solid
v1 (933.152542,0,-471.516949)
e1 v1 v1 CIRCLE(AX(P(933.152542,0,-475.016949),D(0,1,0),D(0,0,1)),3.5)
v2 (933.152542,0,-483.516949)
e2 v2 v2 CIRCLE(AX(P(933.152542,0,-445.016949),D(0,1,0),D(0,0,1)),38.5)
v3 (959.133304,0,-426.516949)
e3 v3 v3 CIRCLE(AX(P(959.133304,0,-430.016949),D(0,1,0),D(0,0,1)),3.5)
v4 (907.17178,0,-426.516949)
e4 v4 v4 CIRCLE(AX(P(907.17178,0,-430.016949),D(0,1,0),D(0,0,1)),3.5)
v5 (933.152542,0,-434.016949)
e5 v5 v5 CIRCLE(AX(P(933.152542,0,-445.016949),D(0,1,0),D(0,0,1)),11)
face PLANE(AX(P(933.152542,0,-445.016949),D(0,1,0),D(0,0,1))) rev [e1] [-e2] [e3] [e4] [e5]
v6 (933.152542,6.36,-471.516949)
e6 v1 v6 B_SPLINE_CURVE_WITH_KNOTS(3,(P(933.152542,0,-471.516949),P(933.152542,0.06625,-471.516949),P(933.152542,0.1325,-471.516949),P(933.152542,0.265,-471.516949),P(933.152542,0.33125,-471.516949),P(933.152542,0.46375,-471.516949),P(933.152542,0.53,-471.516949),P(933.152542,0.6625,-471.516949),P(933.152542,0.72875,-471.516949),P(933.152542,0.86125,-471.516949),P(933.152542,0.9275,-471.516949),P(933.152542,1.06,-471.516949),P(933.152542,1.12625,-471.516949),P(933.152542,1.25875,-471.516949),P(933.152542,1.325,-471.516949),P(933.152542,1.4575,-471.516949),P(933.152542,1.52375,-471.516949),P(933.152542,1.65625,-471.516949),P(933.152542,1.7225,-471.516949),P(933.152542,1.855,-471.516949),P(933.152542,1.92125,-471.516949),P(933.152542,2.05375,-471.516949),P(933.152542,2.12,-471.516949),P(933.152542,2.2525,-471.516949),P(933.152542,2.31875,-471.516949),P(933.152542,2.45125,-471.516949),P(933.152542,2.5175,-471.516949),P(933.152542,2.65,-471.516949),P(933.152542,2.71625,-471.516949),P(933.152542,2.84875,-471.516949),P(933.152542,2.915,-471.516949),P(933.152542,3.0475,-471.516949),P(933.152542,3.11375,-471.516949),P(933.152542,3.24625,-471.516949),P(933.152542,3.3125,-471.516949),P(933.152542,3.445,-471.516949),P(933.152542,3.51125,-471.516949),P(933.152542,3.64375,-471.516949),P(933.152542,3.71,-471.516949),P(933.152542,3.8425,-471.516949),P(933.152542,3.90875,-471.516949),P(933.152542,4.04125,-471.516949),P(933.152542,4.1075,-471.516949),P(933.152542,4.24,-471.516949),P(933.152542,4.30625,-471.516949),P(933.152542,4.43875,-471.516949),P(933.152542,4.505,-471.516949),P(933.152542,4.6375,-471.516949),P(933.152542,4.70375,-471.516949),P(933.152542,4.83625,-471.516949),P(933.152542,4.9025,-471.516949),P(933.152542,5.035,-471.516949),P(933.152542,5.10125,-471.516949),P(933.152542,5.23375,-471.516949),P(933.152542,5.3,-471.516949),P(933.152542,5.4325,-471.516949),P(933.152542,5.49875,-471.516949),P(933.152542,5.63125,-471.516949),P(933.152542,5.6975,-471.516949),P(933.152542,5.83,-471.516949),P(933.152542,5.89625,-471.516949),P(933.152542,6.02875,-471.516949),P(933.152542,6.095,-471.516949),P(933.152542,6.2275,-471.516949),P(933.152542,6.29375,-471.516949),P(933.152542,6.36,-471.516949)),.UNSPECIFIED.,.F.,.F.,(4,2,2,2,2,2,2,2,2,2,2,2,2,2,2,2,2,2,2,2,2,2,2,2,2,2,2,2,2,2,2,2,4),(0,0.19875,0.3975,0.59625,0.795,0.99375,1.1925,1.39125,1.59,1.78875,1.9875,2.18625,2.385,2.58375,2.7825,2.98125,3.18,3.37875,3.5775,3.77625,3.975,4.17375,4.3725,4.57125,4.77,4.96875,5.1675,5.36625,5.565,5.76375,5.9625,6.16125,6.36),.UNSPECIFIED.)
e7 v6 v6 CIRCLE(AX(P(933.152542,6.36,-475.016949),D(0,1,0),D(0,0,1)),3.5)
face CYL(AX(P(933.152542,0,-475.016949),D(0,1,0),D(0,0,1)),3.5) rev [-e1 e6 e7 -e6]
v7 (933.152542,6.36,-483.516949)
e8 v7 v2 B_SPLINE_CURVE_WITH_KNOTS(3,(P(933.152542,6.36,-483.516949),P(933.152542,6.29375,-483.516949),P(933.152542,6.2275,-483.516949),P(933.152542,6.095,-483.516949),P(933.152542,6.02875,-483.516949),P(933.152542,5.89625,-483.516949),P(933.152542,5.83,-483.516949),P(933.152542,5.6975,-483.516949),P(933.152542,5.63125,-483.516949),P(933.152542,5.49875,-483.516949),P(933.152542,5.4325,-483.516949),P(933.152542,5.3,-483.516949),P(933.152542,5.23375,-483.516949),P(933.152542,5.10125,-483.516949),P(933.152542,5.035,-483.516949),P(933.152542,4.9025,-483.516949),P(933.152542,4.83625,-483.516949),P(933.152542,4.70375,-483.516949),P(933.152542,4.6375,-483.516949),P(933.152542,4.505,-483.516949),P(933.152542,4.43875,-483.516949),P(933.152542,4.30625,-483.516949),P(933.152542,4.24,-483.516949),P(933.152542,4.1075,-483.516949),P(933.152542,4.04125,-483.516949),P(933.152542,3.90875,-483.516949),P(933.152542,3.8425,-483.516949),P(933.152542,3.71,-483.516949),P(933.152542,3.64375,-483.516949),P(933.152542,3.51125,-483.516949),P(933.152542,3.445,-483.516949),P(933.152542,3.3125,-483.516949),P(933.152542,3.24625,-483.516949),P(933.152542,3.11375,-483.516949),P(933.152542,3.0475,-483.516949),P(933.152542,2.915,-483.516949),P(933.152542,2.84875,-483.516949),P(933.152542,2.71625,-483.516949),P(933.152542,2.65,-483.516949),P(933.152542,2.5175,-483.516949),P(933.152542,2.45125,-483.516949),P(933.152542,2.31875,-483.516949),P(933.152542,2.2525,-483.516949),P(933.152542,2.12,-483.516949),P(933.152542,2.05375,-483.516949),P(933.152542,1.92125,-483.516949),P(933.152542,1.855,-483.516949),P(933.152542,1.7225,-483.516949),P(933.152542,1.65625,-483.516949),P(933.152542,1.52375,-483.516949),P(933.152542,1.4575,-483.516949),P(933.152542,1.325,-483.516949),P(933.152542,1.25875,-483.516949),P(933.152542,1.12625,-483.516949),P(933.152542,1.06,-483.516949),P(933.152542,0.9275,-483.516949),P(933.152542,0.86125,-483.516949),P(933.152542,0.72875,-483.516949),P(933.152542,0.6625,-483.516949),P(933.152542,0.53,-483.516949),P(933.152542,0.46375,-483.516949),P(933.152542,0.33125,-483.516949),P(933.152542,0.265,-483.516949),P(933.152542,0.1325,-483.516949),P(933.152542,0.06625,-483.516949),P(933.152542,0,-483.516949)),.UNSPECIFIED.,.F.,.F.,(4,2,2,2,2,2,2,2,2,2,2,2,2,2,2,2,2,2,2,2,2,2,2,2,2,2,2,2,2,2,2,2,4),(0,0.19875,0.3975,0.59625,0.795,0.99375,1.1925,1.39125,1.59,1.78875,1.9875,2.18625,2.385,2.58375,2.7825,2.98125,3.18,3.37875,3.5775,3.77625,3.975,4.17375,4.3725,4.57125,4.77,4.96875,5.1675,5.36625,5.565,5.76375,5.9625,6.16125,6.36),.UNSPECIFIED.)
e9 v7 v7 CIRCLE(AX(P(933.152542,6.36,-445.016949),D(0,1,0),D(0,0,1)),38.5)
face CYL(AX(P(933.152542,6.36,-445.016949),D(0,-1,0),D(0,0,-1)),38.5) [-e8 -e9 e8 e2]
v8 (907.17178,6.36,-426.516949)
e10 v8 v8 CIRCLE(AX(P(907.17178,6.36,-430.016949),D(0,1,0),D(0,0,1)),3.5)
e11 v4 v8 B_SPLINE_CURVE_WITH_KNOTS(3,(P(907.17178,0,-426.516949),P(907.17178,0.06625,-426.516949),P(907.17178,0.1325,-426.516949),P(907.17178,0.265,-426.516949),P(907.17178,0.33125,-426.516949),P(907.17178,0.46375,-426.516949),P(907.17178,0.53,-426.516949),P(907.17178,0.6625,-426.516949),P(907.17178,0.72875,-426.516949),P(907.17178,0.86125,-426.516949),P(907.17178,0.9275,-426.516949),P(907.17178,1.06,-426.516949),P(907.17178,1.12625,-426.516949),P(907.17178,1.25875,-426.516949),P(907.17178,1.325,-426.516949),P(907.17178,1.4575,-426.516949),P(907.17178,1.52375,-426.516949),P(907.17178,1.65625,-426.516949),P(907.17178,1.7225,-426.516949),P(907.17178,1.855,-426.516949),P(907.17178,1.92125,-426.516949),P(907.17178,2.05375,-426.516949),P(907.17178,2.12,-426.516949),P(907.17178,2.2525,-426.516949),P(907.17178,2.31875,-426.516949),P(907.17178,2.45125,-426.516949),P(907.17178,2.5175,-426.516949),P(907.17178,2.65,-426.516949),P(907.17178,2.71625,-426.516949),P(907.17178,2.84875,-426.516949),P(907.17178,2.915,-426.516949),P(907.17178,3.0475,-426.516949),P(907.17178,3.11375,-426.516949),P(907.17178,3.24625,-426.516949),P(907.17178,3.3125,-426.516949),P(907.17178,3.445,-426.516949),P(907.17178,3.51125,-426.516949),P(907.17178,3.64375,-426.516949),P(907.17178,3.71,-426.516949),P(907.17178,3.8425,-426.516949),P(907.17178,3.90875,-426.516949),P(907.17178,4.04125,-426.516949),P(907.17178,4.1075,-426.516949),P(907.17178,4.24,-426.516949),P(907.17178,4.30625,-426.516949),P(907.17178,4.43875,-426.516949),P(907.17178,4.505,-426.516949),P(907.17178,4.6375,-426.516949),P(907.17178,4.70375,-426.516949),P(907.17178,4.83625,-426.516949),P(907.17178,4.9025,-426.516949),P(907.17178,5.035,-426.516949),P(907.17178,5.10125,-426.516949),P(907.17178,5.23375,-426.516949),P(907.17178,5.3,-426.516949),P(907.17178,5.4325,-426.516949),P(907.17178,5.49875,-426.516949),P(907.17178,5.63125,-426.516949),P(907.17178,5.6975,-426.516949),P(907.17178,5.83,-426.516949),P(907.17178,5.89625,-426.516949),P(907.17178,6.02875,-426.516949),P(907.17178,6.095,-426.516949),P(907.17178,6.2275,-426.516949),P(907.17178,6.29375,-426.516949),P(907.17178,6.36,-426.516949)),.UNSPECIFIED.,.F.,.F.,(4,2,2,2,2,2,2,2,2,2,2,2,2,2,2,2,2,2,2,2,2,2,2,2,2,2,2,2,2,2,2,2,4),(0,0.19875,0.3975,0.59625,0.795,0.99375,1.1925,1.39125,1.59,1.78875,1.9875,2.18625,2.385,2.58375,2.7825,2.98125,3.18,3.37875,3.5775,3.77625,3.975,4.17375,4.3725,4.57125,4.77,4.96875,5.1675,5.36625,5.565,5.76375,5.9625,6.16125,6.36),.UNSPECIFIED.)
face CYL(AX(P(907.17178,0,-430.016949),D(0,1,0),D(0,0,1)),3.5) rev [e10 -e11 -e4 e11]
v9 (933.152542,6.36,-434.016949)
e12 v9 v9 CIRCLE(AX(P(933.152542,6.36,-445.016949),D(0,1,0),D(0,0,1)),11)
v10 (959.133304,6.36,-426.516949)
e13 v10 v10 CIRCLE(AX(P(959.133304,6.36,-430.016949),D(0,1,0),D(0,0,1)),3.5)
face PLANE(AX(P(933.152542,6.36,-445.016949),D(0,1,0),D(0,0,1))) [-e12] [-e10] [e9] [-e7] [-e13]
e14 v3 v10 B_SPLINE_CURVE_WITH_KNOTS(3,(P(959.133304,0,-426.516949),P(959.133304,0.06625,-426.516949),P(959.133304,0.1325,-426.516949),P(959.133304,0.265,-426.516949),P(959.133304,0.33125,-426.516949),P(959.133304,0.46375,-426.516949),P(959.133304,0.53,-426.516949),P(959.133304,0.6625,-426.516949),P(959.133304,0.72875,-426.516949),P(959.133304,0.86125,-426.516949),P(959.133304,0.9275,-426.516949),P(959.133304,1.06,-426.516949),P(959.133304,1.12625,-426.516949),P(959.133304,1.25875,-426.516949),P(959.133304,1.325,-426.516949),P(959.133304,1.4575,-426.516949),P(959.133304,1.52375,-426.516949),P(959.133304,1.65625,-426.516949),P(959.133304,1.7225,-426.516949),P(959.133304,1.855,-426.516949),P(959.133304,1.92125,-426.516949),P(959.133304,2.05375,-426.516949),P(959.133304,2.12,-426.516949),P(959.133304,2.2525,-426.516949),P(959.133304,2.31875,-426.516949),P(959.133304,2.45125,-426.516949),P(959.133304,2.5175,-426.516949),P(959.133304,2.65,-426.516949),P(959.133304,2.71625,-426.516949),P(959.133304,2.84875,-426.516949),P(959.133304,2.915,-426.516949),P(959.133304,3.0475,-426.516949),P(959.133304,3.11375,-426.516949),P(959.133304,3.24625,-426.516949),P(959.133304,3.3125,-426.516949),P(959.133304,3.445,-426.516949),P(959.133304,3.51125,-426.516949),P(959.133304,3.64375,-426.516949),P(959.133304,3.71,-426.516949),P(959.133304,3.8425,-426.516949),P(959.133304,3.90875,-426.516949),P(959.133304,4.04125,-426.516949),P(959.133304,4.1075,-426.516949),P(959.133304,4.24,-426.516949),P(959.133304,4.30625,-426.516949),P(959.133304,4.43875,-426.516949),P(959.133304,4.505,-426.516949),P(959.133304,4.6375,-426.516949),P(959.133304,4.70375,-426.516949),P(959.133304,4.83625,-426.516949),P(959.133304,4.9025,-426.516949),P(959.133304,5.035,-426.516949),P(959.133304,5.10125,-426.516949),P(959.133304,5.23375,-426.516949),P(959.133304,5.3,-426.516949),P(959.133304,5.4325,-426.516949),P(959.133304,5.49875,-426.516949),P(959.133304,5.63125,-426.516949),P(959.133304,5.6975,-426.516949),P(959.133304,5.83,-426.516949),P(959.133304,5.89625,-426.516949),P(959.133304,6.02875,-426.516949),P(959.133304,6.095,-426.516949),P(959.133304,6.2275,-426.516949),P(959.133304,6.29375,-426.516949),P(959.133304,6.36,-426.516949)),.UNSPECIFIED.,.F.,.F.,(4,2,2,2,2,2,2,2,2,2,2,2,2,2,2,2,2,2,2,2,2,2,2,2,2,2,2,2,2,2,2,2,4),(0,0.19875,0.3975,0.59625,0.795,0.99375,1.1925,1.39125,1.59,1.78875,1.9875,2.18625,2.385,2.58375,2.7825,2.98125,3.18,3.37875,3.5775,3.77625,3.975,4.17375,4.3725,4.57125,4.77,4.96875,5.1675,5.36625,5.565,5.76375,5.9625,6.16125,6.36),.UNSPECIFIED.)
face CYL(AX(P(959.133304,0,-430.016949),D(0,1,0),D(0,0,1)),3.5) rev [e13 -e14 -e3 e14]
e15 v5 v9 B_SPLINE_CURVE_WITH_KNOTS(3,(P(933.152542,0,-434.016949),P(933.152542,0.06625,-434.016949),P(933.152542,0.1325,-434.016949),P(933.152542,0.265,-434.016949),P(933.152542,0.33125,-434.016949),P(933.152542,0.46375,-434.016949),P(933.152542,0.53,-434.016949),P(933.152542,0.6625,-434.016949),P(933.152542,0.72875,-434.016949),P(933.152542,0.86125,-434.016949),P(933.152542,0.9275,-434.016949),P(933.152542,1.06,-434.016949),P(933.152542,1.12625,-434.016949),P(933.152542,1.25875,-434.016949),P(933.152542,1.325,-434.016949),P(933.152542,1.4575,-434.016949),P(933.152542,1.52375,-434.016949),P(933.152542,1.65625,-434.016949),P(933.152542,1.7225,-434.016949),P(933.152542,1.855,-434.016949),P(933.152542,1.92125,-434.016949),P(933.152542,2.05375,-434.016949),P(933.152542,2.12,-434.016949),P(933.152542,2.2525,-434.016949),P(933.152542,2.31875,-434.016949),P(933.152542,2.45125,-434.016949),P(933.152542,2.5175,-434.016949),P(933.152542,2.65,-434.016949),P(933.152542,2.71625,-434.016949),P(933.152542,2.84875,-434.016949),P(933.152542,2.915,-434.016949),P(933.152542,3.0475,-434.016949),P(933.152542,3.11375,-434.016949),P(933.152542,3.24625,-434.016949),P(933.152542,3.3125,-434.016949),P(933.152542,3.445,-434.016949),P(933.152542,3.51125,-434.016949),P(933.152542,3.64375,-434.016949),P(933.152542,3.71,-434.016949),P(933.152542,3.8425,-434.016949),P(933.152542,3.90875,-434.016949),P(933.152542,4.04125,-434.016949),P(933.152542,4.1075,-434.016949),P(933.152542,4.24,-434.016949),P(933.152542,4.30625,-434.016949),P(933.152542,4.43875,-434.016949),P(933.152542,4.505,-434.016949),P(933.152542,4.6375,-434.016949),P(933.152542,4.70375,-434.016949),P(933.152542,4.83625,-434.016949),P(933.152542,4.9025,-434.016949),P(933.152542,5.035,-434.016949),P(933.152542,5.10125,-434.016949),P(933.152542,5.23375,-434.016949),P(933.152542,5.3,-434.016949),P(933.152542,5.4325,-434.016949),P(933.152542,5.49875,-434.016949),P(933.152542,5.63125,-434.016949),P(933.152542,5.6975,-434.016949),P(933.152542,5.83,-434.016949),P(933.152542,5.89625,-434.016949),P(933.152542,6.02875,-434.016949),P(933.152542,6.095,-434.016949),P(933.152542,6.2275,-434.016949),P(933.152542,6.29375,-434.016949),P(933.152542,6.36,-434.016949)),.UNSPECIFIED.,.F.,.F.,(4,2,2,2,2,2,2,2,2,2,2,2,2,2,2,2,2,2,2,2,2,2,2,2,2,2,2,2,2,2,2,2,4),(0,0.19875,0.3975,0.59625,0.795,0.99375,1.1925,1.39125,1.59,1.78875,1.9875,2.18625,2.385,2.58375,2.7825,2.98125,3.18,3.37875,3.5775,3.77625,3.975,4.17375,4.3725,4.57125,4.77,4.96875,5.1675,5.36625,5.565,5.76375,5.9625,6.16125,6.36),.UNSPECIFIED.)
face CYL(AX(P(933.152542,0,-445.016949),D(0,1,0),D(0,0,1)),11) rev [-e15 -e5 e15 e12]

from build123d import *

# Parameters (mm, degrees)
SKETCH5_R           = 38.5
BOSS_EXTRUDE2_DEPTH = 6.36
SKETCH7_R           = 3.5
CUT_EXTRUDE3_DEPTH  = 1086.328407818
SKETCH8_R           = 11
CUT_EXTRUDE4_DEPTH  = 1086.328407818


with BuildPart() as part:
    # Sketch5 → Boss-Extrude2 (new body)
    with BuildSketch(Plane(origin=(0, 0, 0), x_dir=(1, 0, 0), z_dir=(0, 1, 0))):
        with Locations(Location((933.152542373, 445.016949153, 0), (0, 0, 90))):
            Circle(SKETCH5_R)
    extrude(amount=BOSS_EXTRUDE2_DEPTH)

    # Sketch7 → Cut-Extrude3 (cut, through all)
    with BuildSketch(Plane(origin=(0, 6.36, 0), x_dir=(1, 0, 0), z_dir=(0, 1, 0))):
        with Locations(Location((933.152542373, 475.016949153, 0), (0, 0, 270))):
            Circle(SKETCH7_R)
        with Locations((-55.199525992, -1045.642281877)):
            Circle(SKETCH7_R)
        with Locations((-877.953016381, 570.625332725)):
            Circle(SKETCH7_R)
        with Locations(Location((959.133304486, 430.016949153, 0), (0, 0, 270))):
            Circle(SKETCH7_R)
        with Locations(Location((907.171780259, 430.016949153, 0), (0, 0, 270))):
            Circle(SKETCH7_R)
    extrude(amount=-CUT_EXTRUDE3_DEPTH, mode=Mode.SUBTRACT)

    # Sketch8 → Cut-Extrude4 (cut, through all)
    with BuildSketch(Plane(origin=(0, 6.36, 0), x_dir=(1, 0, 0), z_dir=(0, 1, 0))):
        with Locations(Location((933.152542373, 445.016949153, 0), (0, 0, 270))):
            Circle(SKETCH8_R)
    extrude(amount=-CUT_EXTRUDE4_DEPTH, mode=Mode.SUBTRACT)


solid = part.part
